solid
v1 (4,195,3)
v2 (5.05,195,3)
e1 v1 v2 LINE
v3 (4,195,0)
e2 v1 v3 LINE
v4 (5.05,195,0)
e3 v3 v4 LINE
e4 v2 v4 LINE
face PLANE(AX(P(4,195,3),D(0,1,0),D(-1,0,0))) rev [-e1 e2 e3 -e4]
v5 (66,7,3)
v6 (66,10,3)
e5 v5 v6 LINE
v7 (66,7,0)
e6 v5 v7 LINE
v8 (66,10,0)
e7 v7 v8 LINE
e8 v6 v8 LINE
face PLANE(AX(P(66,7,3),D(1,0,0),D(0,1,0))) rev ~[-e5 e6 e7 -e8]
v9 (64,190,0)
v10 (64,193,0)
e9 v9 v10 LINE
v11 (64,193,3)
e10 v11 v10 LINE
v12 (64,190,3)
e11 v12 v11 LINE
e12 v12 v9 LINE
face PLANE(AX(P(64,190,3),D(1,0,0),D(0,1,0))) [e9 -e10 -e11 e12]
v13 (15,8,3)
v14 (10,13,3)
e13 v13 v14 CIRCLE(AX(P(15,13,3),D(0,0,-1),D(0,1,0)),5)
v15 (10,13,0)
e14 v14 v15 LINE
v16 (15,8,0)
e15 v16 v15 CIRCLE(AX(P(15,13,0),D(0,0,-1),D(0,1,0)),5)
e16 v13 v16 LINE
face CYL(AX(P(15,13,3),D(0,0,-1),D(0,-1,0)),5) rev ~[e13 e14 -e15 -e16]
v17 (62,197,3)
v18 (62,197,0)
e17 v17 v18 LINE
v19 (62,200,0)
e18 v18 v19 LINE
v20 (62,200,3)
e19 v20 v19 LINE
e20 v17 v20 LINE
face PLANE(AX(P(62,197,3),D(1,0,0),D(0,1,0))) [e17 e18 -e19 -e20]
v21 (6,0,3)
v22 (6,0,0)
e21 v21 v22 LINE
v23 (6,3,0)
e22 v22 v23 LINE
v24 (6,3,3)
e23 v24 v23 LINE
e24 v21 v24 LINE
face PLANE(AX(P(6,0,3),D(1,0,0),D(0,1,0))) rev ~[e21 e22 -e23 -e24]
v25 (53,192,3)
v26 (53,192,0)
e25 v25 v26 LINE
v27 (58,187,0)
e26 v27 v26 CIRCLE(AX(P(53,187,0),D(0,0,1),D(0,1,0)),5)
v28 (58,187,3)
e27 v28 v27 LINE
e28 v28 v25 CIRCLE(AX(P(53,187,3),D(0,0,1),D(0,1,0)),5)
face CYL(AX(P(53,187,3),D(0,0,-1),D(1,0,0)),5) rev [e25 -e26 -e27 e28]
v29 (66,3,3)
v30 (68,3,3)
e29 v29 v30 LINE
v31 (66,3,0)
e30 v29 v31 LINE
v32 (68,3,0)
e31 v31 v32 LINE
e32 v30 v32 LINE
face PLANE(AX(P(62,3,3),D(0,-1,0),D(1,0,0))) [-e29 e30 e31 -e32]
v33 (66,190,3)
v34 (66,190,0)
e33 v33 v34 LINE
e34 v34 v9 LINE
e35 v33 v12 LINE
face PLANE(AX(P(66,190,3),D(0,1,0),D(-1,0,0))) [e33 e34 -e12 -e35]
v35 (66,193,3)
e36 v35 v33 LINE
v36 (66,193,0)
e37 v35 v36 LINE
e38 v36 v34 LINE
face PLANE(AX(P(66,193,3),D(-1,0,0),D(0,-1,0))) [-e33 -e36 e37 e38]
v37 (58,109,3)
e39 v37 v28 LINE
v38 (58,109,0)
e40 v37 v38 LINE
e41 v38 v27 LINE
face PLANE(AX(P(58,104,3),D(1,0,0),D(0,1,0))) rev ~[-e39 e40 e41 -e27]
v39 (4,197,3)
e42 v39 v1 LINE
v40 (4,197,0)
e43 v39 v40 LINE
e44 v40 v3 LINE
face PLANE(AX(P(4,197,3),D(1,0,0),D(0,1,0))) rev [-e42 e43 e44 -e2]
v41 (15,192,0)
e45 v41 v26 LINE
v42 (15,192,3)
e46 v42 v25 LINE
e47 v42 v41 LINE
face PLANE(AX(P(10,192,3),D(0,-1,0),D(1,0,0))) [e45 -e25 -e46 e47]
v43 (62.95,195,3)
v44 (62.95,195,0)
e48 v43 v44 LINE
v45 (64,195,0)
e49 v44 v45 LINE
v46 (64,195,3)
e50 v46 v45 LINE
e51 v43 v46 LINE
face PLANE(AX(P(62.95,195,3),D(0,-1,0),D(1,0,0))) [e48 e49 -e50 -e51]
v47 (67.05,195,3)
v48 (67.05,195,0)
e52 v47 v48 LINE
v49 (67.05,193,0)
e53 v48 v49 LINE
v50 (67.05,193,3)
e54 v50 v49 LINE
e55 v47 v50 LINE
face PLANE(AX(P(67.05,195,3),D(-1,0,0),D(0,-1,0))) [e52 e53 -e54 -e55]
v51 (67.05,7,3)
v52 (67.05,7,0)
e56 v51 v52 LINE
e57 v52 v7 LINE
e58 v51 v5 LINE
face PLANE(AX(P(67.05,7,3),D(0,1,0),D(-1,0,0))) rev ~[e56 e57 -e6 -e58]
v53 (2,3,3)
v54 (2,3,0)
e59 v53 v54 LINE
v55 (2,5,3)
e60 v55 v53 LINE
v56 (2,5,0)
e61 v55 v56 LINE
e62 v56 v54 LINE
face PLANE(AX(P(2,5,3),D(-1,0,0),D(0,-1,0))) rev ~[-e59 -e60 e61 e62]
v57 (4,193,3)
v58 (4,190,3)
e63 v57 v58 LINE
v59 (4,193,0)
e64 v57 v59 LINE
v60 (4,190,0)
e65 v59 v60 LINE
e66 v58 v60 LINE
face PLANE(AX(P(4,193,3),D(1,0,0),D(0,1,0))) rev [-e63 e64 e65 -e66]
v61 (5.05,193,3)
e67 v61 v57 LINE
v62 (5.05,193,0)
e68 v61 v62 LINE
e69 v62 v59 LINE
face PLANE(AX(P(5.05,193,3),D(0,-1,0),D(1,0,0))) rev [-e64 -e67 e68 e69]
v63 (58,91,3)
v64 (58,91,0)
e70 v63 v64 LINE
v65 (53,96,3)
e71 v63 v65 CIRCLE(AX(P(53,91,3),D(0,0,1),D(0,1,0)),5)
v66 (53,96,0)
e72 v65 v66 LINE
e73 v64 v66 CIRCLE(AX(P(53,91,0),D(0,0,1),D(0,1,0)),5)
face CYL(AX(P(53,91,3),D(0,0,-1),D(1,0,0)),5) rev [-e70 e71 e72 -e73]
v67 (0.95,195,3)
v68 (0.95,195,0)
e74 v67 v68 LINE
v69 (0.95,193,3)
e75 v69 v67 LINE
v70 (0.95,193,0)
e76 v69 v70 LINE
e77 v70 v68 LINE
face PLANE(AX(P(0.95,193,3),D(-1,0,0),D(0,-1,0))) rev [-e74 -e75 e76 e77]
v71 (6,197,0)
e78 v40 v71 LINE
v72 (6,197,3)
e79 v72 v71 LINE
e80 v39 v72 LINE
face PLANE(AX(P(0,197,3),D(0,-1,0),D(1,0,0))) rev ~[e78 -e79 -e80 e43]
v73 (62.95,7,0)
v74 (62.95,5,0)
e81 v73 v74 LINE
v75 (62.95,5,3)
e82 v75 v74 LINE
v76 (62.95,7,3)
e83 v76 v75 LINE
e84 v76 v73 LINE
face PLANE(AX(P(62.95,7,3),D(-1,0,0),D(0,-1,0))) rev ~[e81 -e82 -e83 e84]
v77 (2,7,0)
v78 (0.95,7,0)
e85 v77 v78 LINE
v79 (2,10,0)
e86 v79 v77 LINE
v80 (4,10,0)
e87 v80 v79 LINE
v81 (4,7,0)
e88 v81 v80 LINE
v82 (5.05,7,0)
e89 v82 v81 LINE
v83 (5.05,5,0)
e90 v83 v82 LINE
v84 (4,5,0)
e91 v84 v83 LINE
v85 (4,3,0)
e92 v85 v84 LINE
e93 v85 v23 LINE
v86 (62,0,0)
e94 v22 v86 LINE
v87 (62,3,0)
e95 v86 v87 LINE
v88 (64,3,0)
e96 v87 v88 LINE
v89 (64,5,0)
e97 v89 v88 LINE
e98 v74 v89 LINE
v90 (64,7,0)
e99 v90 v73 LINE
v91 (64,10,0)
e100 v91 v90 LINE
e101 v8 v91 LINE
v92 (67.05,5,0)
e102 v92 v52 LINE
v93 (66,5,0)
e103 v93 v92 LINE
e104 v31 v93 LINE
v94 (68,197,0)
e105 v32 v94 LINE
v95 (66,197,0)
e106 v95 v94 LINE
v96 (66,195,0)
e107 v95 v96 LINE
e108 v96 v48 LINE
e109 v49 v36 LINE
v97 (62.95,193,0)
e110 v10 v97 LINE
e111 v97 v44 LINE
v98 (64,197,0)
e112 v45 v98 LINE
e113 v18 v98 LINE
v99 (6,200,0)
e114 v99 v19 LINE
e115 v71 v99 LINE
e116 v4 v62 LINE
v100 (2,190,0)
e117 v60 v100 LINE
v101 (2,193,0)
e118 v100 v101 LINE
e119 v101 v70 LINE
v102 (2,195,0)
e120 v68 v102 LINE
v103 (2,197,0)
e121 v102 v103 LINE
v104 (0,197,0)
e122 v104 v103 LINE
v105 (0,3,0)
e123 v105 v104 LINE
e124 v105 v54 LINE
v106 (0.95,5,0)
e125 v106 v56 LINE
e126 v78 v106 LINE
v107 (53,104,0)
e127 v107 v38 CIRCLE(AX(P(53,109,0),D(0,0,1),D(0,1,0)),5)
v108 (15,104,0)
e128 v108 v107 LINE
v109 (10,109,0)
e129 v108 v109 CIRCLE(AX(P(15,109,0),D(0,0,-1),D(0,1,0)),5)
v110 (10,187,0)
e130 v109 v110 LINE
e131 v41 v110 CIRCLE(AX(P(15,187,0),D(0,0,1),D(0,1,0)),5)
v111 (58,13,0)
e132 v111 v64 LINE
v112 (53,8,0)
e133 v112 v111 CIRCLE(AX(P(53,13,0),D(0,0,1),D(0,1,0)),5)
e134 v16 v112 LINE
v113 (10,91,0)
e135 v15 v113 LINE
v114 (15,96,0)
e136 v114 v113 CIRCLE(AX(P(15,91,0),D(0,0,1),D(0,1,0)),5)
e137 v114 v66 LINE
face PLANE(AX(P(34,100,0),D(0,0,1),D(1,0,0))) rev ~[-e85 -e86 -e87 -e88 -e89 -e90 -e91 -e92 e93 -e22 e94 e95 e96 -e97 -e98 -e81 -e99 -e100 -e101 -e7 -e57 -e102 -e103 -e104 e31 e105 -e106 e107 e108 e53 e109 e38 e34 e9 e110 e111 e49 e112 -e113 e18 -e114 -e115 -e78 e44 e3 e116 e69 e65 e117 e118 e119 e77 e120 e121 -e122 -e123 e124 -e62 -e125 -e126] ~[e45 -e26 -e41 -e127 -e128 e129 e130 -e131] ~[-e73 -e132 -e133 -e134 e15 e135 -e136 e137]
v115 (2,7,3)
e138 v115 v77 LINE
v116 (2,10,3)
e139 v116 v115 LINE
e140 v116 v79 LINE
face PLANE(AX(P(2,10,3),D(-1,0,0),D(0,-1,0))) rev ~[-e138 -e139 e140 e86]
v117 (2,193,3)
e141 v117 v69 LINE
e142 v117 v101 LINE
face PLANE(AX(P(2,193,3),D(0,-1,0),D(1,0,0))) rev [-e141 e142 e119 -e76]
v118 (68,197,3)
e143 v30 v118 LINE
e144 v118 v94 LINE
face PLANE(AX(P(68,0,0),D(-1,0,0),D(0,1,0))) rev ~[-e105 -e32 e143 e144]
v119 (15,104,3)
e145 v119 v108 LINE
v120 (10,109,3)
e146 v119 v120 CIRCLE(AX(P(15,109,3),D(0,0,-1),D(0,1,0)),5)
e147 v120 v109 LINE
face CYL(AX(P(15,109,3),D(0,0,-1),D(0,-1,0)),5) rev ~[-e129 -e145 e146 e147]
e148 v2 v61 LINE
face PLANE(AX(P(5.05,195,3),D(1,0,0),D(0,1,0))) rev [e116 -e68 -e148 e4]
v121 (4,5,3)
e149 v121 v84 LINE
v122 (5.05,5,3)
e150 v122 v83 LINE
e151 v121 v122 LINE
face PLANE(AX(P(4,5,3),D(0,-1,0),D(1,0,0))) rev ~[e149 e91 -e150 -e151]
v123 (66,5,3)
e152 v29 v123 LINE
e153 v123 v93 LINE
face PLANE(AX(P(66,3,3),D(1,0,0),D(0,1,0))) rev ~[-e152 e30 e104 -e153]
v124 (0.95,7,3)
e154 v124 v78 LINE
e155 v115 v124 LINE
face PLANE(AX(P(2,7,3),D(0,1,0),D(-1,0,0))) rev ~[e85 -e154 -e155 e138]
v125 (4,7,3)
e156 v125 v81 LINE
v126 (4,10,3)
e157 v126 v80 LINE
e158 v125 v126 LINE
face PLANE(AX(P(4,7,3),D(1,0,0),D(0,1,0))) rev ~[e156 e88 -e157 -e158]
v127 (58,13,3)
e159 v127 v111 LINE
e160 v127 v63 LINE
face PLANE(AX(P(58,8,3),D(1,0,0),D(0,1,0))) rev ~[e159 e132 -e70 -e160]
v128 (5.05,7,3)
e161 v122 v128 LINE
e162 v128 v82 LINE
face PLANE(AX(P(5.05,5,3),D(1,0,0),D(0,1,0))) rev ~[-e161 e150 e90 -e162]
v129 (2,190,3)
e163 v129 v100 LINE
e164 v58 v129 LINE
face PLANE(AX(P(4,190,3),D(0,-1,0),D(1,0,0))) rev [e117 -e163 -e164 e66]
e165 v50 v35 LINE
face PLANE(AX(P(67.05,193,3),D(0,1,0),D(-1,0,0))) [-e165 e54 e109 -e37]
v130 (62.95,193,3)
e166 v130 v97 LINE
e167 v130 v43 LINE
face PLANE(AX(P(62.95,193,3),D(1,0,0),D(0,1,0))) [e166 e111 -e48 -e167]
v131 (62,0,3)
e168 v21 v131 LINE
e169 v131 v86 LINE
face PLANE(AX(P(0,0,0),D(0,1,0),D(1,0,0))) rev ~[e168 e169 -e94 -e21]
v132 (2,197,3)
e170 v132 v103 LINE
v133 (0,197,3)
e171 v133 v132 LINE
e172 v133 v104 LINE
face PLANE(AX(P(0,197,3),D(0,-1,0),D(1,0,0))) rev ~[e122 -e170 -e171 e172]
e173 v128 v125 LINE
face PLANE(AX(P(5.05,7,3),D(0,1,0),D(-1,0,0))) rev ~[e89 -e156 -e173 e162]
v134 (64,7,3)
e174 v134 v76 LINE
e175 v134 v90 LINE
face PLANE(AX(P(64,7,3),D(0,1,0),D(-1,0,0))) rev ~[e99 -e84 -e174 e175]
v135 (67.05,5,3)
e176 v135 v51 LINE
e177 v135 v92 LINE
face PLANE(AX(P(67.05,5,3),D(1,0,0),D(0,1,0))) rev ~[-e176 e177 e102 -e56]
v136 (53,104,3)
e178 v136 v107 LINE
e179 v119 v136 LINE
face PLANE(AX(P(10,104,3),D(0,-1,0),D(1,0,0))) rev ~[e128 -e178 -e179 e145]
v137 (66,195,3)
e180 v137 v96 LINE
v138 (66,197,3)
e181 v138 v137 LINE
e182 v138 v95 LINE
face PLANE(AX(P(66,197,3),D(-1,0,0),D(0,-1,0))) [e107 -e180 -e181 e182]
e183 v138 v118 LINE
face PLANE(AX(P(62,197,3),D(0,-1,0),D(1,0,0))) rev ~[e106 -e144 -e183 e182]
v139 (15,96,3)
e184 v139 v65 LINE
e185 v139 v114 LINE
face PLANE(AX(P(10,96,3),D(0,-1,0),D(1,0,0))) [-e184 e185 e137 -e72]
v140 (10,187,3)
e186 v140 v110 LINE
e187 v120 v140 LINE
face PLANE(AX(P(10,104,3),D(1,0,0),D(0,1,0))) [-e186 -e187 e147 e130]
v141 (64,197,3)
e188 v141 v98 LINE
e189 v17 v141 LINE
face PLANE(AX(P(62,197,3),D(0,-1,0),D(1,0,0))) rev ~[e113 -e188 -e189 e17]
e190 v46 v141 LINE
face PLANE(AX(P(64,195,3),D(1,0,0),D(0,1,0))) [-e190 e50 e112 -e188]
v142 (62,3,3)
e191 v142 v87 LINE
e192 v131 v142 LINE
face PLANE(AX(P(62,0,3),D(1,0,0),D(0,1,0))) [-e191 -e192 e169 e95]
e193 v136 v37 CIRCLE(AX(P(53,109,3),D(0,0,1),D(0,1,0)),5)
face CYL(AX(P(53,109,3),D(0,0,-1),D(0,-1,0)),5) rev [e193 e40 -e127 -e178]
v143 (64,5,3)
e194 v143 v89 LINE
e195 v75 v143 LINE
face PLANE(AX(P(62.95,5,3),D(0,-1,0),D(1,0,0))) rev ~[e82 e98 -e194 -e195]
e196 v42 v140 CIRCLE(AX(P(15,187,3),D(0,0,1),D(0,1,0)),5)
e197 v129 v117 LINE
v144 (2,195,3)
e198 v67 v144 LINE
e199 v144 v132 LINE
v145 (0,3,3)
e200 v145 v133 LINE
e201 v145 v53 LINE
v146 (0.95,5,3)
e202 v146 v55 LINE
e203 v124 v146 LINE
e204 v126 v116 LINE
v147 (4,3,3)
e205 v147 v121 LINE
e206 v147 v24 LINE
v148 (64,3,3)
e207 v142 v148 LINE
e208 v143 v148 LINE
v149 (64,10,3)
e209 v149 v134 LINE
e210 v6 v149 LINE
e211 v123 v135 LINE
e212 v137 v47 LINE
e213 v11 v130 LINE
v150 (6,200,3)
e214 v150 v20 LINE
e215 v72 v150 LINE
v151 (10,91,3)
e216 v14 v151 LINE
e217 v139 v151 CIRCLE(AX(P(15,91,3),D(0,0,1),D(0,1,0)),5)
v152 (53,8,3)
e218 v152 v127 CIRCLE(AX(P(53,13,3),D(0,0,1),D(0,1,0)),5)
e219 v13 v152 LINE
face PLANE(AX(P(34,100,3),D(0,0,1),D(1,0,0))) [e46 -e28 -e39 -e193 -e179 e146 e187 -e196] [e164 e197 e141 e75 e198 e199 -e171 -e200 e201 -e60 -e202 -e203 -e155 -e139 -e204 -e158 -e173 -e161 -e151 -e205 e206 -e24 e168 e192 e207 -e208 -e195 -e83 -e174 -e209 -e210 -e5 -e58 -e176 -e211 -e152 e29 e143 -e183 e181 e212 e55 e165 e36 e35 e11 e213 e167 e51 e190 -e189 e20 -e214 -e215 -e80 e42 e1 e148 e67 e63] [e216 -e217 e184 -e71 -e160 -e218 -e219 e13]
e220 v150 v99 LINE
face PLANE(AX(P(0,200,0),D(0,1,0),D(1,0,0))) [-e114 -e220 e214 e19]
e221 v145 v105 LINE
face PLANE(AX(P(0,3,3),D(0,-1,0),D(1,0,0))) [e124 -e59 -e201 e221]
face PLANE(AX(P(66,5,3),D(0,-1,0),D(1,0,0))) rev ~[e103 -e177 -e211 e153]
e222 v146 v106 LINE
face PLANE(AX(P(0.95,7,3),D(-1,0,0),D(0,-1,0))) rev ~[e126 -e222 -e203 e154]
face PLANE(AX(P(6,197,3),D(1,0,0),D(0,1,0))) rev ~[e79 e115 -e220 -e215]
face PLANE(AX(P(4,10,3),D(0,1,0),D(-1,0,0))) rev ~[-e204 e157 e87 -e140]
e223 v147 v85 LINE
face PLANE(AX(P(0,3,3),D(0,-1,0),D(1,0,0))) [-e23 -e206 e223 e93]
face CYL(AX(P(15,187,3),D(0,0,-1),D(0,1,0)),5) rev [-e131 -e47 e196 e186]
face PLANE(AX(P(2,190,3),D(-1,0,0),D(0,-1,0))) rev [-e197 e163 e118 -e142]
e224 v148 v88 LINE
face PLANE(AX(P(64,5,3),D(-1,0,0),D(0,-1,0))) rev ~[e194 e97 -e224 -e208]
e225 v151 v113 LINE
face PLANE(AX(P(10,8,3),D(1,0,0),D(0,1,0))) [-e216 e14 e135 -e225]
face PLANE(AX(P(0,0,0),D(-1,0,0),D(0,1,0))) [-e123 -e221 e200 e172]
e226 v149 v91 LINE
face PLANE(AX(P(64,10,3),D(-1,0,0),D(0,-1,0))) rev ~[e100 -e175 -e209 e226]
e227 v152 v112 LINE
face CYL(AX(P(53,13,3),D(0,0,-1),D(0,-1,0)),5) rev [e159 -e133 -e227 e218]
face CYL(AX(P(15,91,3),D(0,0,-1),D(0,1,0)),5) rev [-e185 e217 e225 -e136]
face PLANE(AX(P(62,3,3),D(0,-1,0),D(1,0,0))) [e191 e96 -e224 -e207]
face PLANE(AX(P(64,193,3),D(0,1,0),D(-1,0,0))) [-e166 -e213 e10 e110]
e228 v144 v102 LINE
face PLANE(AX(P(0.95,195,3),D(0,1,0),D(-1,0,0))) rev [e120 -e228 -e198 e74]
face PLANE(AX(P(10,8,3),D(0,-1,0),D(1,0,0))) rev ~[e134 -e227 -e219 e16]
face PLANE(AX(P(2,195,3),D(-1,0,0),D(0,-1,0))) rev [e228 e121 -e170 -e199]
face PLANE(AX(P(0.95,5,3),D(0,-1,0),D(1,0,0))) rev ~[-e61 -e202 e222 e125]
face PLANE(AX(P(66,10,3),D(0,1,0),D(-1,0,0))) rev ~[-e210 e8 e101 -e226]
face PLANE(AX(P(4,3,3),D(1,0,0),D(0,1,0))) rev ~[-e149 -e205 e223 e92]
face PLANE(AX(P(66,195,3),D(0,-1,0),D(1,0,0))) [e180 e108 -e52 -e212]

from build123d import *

# Parameters (mm, degrees)
SKETCH_1_W             = 68
SKETCH_1_H             = 200
EXTRUDE_1_DEPTH        = 3
SKETCH_2_W             = 6
SKETCH_2_H             = 3
CUT_EXTRUDE_1_DEPTH    = 212.265236137
SKETCH_3_W             = 48
SKETCH_3_H             = 88
CUT_EXTRUDE_2_DEPTH    = 212.265236137
FILLET_1_R             = 5
CUT_EXTRUDE_3_DEPTH    = 212.265236137
PATTERN_LINEAR_1_COUNT = 2
PATTERN_LINEAR_1_PITCH = 62
MIRROR_1_COPY_1_DEPTH  = 212.265236137


with BuildPart() as part:
    # 草图1 → 凸台-拉伸1 (new body)
    with BuildSketch(Plane.XY):
        with Locations((34, 100)):
            Rectangle(SKETCH_1_W, SKETCH_1_H)
    extrude(amount=EXTRUDE_1_DEPTH)

    # 草图2 → 切除-拉伸1 (cut, through all)
    with BuildSketch(Plane.XY.offset(3)):
        with Locations((65, 198.5)):
            Rectangle(SKETCH_2_W, SKETCH_2_H)
        with Locations((3, 198.5)):
            Rectangle(SKETCH_2_W, SKETCH_2_H)
        with Locations((65, 1.5)):
            Rectangle(SKETCH_2_W, SKETCH_2_H)
        with Locations((3, 1.5)):
            Rectangle(SKETCH_2_W, SKETCH_2_H)
    extrude(amount=-CUT_EXTRUDE_1_DEPTH, mode=Mode.SUBTRACT)

    # 草图3 → 切除-拉伸2 (cut, through all)
    with BuildSketch(Plane.XY.offset(3)):
        with Locations((34, 148)):
            Rectangle(SKETCH_3_W, SKETCH_3_H)
        with Locations((34, 52)):
            Rectangle(SKETCH_3_W, SKETCH_3_H)
    extrude(amount=-CUT_EXTRUDE_2_DEPTH, mode=Mode.SUBTRACT)

    # 圆角1
    fillet_1_edges = [part.edges().sort_by_distance(p)[0] for p in [
        (58, 192, 1.5),
        (58, 104, 1.5),
        (10, 104, 1.5),
        (10, 192, 1.5),
        (58, 96, 1.5),
        (58, 8, 1.5),
        (10, 8, 1.5),
        (10, 96, 1.5),
    ]]
    fillet(fillet_1_edges, radius=FILLET_1_R)

    # 草图4 → 切除-拉伸3 (cut, through all)
    with BuildSketch(Plane.XY.offset(3)):
        Polygon((2, 3), (4, 3), (4, 5), (5.05, 5), (5.05, 7), (4, 7), (4, 10), (2, 10), (2, 7), (0.95, 7), (0.95, 5), (2, 5), align=None)
    cut_extrude_3 = extrude(amount=-CUT_EXTRUDE_3_DEPTH, mode=Mode.SUBTRACT)

    # 阵列(线性)1: 切除-拉伸3 ×2
    with Locations(*[(i * PATTERN_LINEAR_1_PITCH, 0, 0) for i in range(1, PATTERN_LINEAR_1_COUNT)]):
        add(cut_extrude_3, mode=Mode.SUBTRACT)

    # 镜向1: 切除-拉伸3 across plane
    add(cut_extrude_3.mirror(Plane(origin=(0, 100, 0), x_dir=(0, 0, 1), z_dir=(0, -1, 0))), mode=Mode.SUBTRACT)

    # 镜向1 copy 1 sketch → 镜向1 copy 1 (cut, through all)
    with BuildSketch(Plane(origin=(62, 200, 3), x_dir=(1, 0, 0), z_dir=(0, 0, 1))):
        Polygon((2, -3), (4, -3), (4, -5), (5.05, -5), (5.05, -7), (4, -7), (4, -10), (2, -10), (2, -7), (0.95, -7), (0.95, -5), (2, -5), align=None)
    extrude(amount=-MIRROR_1_COPY_1_DEPTH, mode=Mode.SUBTRACT)


solid = part.part
